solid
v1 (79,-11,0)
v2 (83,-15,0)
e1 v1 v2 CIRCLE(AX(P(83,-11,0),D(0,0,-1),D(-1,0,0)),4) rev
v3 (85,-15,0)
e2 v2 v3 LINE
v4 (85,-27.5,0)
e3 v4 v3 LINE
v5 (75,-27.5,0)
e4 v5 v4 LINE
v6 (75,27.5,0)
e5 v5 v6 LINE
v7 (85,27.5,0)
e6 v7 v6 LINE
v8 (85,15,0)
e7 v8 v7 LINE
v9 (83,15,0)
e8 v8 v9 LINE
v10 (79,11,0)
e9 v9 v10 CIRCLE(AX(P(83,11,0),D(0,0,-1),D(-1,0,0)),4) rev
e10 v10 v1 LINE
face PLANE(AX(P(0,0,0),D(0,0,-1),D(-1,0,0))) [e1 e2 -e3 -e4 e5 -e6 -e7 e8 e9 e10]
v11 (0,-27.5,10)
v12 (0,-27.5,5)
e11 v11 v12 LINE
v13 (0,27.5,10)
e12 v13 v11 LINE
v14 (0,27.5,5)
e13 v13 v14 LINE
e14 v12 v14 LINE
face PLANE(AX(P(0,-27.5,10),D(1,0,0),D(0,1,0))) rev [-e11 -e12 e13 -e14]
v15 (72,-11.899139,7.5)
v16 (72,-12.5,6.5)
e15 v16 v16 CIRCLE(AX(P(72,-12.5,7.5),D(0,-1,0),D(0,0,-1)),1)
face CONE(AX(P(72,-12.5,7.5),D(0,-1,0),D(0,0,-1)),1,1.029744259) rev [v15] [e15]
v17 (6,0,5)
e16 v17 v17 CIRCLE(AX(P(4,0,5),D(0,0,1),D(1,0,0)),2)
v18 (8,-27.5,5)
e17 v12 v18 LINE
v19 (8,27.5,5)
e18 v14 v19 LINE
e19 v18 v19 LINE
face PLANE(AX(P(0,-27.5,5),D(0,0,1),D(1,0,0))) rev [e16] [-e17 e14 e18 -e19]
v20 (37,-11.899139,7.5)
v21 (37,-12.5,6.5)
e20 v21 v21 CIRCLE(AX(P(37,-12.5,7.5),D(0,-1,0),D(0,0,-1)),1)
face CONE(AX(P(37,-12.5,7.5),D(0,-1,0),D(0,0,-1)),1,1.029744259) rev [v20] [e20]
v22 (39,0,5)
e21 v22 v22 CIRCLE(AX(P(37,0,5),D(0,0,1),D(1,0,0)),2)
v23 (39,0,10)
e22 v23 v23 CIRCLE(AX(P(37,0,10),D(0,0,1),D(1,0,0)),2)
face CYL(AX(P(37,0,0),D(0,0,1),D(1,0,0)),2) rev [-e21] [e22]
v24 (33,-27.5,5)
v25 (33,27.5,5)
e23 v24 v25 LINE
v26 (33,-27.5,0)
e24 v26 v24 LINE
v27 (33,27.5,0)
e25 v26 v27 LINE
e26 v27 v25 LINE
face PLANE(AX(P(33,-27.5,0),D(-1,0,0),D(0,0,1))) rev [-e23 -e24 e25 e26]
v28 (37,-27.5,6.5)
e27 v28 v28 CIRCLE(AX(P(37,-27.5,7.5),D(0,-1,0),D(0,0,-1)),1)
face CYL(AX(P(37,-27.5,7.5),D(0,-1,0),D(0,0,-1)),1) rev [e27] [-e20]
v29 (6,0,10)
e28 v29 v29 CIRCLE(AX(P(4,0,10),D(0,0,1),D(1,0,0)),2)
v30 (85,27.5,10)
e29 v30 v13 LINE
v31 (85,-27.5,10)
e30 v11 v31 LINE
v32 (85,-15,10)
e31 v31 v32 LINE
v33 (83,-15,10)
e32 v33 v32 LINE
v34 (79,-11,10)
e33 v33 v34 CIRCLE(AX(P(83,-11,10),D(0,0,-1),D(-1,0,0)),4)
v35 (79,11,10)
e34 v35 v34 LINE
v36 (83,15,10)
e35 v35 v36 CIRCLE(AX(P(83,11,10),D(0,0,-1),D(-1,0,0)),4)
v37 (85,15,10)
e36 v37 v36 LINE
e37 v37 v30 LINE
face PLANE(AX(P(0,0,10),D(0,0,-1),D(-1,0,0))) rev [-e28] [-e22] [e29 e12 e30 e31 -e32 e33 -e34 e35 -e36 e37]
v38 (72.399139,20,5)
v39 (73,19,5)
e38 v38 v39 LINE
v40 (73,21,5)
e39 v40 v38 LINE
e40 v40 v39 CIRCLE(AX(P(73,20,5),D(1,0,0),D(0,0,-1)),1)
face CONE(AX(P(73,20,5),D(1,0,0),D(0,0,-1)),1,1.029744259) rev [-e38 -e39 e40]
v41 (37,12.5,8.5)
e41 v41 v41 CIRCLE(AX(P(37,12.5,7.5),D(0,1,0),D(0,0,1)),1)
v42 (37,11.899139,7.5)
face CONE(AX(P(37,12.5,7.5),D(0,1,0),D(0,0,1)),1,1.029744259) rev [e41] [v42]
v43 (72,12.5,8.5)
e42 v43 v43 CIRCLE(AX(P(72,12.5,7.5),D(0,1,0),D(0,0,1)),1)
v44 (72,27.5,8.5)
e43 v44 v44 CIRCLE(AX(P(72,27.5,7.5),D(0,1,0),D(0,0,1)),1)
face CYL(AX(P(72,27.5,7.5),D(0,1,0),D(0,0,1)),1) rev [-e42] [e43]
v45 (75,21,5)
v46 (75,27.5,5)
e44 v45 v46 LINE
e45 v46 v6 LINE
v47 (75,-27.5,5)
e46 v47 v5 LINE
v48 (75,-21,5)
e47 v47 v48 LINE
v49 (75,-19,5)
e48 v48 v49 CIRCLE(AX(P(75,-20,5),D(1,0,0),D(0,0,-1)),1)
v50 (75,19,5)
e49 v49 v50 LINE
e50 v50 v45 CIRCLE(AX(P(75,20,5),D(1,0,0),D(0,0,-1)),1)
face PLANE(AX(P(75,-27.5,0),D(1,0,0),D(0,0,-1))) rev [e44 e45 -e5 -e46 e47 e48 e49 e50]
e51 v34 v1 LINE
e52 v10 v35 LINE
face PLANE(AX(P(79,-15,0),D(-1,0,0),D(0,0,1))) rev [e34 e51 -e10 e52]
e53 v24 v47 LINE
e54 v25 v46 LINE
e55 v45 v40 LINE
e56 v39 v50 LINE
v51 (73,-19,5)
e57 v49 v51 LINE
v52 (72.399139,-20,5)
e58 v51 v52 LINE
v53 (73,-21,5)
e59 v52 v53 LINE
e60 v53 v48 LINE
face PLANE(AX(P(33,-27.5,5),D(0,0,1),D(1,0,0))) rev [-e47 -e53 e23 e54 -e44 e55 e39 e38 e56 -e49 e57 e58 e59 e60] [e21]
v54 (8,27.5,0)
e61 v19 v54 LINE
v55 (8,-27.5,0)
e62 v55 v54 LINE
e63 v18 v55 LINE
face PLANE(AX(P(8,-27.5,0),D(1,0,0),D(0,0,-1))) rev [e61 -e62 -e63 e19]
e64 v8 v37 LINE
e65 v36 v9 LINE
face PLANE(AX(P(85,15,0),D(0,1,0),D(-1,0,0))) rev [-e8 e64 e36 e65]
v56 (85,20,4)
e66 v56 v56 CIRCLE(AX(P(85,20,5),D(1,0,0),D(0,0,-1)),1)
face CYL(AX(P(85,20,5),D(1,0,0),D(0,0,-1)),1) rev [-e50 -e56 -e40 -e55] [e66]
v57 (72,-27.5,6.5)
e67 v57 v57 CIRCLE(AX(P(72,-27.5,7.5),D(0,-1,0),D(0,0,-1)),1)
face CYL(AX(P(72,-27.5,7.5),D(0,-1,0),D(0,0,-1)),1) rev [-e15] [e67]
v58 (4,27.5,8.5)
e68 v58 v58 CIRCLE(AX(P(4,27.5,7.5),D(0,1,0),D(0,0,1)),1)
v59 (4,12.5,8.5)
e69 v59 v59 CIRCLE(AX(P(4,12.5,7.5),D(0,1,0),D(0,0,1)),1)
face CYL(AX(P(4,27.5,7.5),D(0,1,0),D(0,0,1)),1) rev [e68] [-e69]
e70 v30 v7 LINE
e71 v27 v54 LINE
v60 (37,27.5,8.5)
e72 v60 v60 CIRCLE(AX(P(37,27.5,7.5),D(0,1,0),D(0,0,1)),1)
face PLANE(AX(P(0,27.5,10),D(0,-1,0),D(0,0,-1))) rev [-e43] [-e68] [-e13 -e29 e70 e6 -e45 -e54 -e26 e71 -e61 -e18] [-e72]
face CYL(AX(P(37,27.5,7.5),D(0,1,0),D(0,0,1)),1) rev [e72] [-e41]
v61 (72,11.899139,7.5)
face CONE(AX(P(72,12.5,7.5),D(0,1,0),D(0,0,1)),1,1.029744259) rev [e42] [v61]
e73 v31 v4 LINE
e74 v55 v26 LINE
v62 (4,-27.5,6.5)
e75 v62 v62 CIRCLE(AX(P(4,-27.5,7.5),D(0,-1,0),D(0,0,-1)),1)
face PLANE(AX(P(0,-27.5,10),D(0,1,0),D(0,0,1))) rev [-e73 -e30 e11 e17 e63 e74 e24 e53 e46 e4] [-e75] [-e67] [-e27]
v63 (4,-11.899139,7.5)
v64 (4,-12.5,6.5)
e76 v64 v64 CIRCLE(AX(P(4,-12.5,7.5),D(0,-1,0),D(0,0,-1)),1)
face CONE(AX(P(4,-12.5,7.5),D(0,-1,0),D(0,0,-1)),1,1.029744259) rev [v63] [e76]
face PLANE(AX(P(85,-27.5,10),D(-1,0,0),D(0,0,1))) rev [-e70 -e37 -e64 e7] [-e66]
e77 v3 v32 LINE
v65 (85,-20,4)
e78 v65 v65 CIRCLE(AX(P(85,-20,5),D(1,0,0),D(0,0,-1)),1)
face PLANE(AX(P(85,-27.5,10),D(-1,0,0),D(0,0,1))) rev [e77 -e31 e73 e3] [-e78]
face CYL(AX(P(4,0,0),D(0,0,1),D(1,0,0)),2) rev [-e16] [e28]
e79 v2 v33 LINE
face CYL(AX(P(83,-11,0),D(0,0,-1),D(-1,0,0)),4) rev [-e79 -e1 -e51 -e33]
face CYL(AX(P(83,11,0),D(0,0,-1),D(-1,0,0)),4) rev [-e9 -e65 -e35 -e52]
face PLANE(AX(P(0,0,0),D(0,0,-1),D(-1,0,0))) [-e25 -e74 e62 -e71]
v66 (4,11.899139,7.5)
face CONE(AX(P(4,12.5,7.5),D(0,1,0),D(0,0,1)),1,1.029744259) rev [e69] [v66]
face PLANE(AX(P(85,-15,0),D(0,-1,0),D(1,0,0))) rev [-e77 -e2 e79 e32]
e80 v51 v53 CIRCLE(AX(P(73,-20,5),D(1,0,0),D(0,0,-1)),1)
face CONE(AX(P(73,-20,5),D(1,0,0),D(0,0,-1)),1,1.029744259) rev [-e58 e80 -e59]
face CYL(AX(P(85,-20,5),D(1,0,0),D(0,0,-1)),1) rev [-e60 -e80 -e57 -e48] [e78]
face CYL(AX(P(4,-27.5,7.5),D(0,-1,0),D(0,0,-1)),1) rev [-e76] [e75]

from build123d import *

# Parameters (mm, degrees)
ESQUISSE1_W                    = 85
ESQUISSE1_H                    = 55
BOSS_EXTRU_1_DEPTH             = 10
ESQUISSE2_W                    = 8
ESQUISSE2_H                    = 5
ESQUISSE2_W_2                  = 42
ENL_V_MAT_EXTRU_1_DEPTH        = 102.734949747
ESQUISSE3_R                    = 2
ENL_V_MAT_EXTRU_2_DEPTH        = 90.895772982
TROU_TARAUD_M3X0_51_AT_2_COUNT = 2
TROU_TARAUD_M3X0_51_AT_2_PITCH = 33
TROU_TARAUD_M3X0_51_AT_3_COUNT = 2
TROU_TARAUD_M3X0_51_AT_3_PITCH = 68
TROU_TARAUD_M3X0_52_D          = 2
TROU_TARAUD_M3X0_52_DEPTH      = 12
TROU_TARAUD_M3X0_52_TIP        = 0.600860619
ESQUISSE9_W                    = 6
ESQUISSE9_H                    = 30
ENL_V_MAT_EXTRU_4_DEPTH        = 90.895772982
CONG_1_R                       = 4


with BuildPart() as part:
    # Esquisse1 → Boss.-Extru.1 (new body)
    with BuildSketch(Plane.XY):
        with Locations((42.5, 0)):
            Rectangle(ESQUISSE1_W, ESQUISSE1_H)
    extrude(amount=BOSS_EXTRU_1_DEPTH)

    # Esquisse2 → Enlèv. mat.-Extru.1 (cut, through all)
    with BuildSketch(Plane(origin=(0, 27.5, 0), x_dir=(1, 0, 0), z_dir=(0, 1, 0))):
        with Locations((4, -2.5)):
            Rectangle(ESQUISSE2_W, ESQUISSE2_H)
        with Locations((54, -2.5)):
            Rectangle(ESQUISSE2_W_2, ESQUISSE2_H)
    extrude(amount=-ENL_V_MAT_EXTRU_1_DEPTH, mode=Mode.SUBTRACT)

    # Esquisse3 → Enlèv. mat.-Extru.2 (cut, through all)
    with BuildSketch(Plane.XY.offset(10)):
        with Locations((4, 0)):
            Circle(ESQUISSE3_R)
        with Locations((37, 0)):
            Circle(ESQUISSE3_R)
    extrude(amount=-ENL_V_MAT_EXTRU_2_DEPTH, mode=Mode.SUBTRACT)

    # Esquisse4 → Trou taraudé M3x0.51 (revolve, cut)
    with BuildSketch(Plane(origin=(4, -27.5, 7.5), x_dir=(0, 0, -1), z_dir=(1, 0, 0))):
        Polygon((0, 0), (0, 15.600860619), (1, 15), (1, 0), align=None)
    trou_taraud_m3x0_51 = revolve(axis=Axis((4, -33.85, 7.5), (0, 1, 0)), mode=Mode.SUBTRACT)

    # Trou taraudé M3x0.51 at 2: Trou taraudé M3x0.51 ×2
    with Locations(*[(i * TROU_TARAUD_M3X0_51_AT_2_PITCH, 0, 0) for i in range(1, TROU_TARAUD_M3X0_51_AT_2_COUNT)]):
        add(trou_taraud_m3x0_51, mode=Mode.SUBTRACT)

    # Trou taraudé M3x0.51 at 3: Trou taraudé M3x0.51 ×2
    with Locations(*[(i * TROU_TARAUD_M3X0_51_AT_3_PITCH, 0, 0) for i in range(1, TROU_TARAUD_M3X0_51_AT_3_COUNT)]):
        add(trou_taraud_m3x0_51, mode=Mode.SUBTRACT)

    # Symétrie1: Trou taraudé M3x0.51 across plane
    add(trou_taraud_m3x0_51.mirror(Plane.ZX), mode=Mode.SUBTRACT)

    # Symétrie1 copy 1 sketch → Symétrie1 copy 1 (revolve, cut)
    with BuildSketch(Plane(origin=(37, 27.5, 7.5), x_dir=(0, 0, -1), z_dir=(1, 0, 0))):
        Polygon((0, 0), (0, -15.600860619), (1, -15), (1, 0), align=None)
    revolve(axis=Axis((37, 33.85, 7.5), (0, 1, 0)), mode=Mode.SUBTRACT)

    # Symétrie1 copy 2 sketch → Symétrie1 copy 2 (revolve, cut)
    with BuildSketch(Plane(origin=(72, 27.5, 7.5), x_dir=(0, 0, -1), z_dir=(1, 0, 0))):
        Polygon((0, 0), (0, -15.600860619), (1, -15), (1, 0), align=None)
    revolve(axis=Axis((72, 33.85, 7.5), (0, 1, 0)), mode=Mode.SUBTRACT)

    # Trou taraudé M3x0.52
    with Locations(Plane(origin=(85, 0, 0), x_dir=(0, 0, -1), z_dir=(1, 0, 0))):
        with Locations((-5, 20), (-5, -20)):
            Hole(TROU_TARAUD_M3X0_52_D / 2, depth=TROU_TARAUD_M3X0_52_DEPTH)
            with Locations((0, 0, -(TROU_TARAUD_M3X0_52_DEPTH + TROU_TARAUD_M3X0_52_TIP / 2))):  # 118° drill point
                Cone(0, TROU_TARAUD_M3X0_52_D / 2, TROU_TARAUD_M3X0_52_TIP, mode=Mode.SUBTRACT)

    # Esquisse9 → Enlèv. mat.-Extru.4 (cut, through all)
    with BuildSketch(Plane.XY.offset(10)):
        with Locations((82, 0)):
            Rectangle(ESQUISSE9_W, ESQUISSE9_H)
    extrude(amount=-ENL_V_MAT_EXTRU_4_DEPTH, mode=Mode.SUBTRACT)

    # Congé1
    cong_1_edges = [part.edges().sort_by_distance(p)[0] for p in [
        (79, -15, 5),
        (79, 15, 5),
    ]]
    fillet(cong_1_edges, radius=CONG_1_R)


solid = part.part
